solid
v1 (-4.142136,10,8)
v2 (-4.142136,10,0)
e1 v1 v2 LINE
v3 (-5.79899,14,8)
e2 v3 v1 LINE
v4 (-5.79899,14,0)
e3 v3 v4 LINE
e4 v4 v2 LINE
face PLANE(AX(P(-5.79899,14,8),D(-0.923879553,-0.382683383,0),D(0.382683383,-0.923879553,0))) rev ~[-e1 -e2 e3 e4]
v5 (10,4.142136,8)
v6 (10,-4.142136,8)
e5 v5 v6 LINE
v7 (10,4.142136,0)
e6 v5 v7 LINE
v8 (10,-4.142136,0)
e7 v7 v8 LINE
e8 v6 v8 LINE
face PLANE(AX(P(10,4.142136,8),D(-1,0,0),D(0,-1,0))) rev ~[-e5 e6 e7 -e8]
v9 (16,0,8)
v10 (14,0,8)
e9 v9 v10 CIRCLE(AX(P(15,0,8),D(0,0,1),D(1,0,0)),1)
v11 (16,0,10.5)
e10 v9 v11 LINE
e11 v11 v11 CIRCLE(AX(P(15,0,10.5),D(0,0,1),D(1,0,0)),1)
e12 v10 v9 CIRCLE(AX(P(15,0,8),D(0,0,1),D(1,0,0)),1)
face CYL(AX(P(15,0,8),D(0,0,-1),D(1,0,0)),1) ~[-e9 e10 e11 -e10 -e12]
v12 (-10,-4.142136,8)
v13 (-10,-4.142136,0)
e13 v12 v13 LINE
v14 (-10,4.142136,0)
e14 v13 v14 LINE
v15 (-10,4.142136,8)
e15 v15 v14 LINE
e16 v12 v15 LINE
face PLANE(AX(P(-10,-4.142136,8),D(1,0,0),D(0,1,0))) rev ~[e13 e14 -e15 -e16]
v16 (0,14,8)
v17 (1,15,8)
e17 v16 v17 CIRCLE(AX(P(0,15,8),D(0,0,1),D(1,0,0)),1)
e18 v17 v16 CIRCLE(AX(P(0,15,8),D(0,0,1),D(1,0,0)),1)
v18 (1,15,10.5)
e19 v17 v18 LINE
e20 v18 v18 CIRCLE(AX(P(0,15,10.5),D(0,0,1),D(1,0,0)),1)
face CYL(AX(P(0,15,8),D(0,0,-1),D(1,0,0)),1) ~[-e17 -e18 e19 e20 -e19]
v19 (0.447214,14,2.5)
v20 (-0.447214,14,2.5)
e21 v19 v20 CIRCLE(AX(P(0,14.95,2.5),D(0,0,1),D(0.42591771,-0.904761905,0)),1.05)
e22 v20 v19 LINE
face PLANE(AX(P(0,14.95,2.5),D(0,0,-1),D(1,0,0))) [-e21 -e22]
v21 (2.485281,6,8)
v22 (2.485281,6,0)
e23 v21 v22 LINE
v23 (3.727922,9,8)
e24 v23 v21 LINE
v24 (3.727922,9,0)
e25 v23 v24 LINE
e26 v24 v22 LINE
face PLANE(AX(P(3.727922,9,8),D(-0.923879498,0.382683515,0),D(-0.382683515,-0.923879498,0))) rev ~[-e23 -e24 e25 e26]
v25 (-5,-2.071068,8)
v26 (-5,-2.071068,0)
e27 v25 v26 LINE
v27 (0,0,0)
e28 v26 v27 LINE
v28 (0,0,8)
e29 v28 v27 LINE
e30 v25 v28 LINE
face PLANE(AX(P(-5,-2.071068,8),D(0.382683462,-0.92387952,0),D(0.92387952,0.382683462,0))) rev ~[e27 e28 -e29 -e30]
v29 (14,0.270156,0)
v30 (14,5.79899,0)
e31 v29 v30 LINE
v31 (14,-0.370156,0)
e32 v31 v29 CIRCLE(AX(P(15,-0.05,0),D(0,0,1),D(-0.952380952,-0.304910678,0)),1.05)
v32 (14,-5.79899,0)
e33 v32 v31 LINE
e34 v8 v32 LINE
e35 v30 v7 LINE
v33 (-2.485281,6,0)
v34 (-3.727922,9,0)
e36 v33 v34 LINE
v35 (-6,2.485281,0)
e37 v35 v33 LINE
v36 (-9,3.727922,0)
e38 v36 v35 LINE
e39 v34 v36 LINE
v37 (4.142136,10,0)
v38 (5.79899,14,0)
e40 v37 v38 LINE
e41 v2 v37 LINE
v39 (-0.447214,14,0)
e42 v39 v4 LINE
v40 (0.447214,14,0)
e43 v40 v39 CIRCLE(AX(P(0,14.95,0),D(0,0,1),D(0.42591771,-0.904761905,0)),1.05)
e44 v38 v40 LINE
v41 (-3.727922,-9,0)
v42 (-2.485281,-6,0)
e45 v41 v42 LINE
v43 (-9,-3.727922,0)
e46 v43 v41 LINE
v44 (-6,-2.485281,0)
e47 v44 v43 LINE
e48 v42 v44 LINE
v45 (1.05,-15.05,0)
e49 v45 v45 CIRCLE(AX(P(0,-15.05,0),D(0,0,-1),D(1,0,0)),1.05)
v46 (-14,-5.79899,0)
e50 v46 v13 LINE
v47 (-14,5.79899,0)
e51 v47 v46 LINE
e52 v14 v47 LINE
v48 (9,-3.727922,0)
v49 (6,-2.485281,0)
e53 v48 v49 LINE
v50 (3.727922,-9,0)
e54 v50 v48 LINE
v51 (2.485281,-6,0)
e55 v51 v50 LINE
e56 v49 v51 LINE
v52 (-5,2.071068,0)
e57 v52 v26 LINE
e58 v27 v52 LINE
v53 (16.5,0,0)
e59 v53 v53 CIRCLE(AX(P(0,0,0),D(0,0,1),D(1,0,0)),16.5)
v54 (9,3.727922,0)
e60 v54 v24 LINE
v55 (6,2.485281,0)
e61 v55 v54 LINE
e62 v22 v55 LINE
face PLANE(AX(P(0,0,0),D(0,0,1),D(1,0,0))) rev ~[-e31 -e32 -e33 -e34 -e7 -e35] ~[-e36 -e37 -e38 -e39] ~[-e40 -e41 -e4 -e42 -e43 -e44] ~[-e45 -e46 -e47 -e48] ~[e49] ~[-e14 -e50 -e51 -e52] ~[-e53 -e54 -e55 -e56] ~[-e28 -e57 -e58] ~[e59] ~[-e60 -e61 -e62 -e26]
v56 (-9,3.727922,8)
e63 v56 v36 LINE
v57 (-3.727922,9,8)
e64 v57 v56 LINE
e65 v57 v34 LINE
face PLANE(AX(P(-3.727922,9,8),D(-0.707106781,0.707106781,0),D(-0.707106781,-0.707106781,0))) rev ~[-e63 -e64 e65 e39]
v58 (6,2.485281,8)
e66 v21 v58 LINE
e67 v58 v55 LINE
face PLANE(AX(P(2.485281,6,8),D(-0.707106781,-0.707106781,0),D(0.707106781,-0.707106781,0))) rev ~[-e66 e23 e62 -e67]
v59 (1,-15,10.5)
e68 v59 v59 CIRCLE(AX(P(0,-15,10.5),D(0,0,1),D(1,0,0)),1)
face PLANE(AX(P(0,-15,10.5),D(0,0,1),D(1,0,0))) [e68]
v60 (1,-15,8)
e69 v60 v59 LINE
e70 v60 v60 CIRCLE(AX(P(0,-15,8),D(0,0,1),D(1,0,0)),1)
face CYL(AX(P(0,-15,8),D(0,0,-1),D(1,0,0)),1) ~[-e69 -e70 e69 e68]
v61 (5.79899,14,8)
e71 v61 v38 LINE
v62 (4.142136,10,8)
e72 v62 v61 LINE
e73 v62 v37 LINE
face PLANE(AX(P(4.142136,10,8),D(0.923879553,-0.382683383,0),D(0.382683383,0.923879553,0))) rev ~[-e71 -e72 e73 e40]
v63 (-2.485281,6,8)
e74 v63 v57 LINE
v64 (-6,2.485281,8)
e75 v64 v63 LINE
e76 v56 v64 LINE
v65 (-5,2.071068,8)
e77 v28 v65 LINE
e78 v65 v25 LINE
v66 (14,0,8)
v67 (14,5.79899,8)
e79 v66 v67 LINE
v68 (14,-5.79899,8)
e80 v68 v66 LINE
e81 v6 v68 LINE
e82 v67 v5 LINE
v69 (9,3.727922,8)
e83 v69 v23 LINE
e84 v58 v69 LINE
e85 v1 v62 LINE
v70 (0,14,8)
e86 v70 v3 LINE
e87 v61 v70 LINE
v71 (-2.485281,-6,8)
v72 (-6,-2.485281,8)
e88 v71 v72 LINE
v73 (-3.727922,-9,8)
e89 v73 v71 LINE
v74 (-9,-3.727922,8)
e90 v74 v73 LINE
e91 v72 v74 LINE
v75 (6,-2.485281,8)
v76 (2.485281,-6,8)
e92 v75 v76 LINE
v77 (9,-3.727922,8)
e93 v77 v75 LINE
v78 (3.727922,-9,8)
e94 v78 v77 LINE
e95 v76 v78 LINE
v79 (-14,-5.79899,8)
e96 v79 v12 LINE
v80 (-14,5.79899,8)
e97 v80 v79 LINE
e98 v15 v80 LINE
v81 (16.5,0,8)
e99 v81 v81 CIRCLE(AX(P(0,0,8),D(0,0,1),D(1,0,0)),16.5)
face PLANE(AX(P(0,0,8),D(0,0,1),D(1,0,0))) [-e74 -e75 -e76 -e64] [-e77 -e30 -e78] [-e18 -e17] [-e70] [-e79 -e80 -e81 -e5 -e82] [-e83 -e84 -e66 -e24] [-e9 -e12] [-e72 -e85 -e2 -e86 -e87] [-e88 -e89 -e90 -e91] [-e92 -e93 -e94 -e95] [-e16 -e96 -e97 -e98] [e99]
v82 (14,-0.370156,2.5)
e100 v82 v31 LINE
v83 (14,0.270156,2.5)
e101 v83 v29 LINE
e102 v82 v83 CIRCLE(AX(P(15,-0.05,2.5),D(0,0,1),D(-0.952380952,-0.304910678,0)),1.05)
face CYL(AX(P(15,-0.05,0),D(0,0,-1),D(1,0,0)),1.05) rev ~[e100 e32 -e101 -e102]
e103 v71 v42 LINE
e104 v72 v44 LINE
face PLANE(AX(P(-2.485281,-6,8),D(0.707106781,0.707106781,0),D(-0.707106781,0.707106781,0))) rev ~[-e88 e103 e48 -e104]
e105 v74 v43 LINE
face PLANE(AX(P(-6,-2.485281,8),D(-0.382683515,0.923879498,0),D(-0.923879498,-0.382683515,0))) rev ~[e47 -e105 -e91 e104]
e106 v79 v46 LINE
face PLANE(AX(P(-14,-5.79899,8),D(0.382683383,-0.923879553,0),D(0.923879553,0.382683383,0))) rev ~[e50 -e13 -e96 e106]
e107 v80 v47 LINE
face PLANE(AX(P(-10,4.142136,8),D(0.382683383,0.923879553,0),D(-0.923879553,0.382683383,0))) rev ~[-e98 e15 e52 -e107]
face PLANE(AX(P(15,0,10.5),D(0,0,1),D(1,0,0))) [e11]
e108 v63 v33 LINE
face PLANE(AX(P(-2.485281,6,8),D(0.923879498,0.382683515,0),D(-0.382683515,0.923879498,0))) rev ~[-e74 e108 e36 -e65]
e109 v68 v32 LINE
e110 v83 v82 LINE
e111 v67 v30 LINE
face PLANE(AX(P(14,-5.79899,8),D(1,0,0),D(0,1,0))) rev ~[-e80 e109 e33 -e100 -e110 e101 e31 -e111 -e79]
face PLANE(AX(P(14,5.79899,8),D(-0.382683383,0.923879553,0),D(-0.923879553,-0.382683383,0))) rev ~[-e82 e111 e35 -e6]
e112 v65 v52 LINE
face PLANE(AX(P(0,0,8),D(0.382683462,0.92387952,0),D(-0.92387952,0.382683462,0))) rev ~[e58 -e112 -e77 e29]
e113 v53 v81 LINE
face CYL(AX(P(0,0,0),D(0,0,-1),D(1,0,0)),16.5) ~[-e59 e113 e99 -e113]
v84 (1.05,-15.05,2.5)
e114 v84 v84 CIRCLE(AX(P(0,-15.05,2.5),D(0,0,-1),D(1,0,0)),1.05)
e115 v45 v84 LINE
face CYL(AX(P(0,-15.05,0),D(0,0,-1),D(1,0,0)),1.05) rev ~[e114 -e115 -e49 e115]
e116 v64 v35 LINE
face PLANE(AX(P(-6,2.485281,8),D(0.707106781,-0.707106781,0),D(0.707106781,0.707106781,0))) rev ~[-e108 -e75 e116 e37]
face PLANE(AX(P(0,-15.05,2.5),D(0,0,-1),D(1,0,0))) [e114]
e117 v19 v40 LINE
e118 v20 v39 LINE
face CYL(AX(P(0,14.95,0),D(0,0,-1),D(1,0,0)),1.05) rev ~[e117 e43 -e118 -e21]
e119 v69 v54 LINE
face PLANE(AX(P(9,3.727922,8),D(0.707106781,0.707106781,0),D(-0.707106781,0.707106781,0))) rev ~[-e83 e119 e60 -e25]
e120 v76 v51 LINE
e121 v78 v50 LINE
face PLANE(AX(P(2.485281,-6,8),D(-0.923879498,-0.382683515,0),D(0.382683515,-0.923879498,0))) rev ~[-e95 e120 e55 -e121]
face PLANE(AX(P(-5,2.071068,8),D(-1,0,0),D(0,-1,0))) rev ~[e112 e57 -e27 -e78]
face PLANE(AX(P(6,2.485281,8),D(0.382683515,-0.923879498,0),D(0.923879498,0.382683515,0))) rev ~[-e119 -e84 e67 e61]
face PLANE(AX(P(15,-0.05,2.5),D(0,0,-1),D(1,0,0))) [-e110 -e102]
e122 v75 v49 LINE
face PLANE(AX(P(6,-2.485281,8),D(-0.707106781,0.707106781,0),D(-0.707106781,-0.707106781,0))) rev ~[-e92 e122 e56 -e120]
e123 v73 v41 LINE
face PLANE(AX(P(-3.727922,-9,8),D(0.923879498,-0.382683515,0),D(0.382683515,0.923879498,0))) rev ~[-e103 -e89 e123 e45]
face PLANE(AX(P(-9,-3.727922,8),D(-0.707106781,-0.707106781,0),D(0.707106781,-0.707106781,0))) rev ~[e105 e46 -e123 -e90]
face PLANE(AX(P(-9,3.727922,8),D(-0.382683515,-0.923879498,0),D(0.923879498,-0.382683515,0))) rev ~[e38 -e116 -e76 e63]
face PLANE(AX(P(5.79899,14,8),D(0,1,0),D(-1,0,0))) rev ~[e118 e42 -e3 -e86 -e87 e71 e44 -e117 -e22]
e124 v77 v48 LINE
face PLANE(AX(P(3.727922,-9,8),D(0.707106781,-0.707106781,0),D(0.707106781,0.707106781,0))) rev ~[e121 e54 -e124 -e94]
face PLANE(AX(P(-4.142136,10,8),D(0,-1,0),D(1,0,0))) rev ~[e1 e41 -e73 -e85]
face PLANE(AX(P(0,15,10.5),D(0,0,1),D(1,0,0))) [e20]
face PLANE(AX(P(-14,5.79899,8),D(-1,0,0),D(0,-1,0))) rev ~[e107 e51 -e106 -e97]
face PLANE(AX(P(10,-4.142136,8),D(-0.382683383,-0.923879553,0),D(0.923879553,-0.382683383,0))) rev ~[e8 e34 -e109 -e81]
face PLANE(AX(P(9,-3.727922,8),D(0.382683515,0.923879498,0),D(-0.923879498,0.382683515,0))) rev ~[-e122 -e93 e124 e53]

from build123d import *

# Parameters (mm, degrees)
F0_R     = 16.5
F1_DEPTH = 8
F2_R     = 1.05
F3_DEPTH = 2.5
F4_R     = 1
F5_DEPTH = 2.5
F7_DEPTH = 25


with BuildPart() as f1:
    # F0 (on Top) → F1 (new body)
    with BuildSketch(Plane.XY):
        Circle(F0_R)
    extrude(amount=F1_DEPTH)

    # F2 (on face) → F3 (cut)
    with BuildSketch(Plane(origin=(0, 0, 0), x_dir=(1, 0, 0), z_dir=(0, 0, -1))):
        with Locations((0, 15.05)):
            Circle(F2_R)
        with Locations((15, 0.05)):
            Circle(F2_R)
        with Locations((0, -14.95)):
            Circle(F2_R)
    extrude(amount=-F3_DEPTH, mode=Mode.SUBTRACT)

    # F4 (on face) → F5 (join)
    with BuildSketch(Plane.XY.offset(8)):
        with Locations((0, 15)):
            Circle(F4_R)
        with Locations((15, 0)):
            Circle(F4_R)
        with Locations((0, -15)):
            Circle(F4_R)
    extrude(amount=F5_DEPTH)

    # F6 (on face) → F7 (cut)
    with BuildSketch(Plane.XY.offset(8)):
        Polygon((-14, 5.79899), (-14, -5.79899), (-10, -4.142136), (-10, 4.142136), align=None)
        Polygon((4.142136, 10), (5.79899, 14), (0, 14), (-5.79899, 14), (-4.142136, 10), align=None)
        Polygon((10, -4.142136), (14, -5.79899), (14, 0), (14, 5.79899), (10, 4.142136), align=None)
        Polygon((-9, -3.727922), (-3.727922, -9), (-2.485281, -6), (-6, -2.485281), align=None)
        Polygon((3.727922, -9), (9, -3.727922), (6, -2.485281), (2.485281, -6), align=None)
        Polygon((-2.485281, 6), (-3.727922, 9), (-9, 3.727922), (-6, 2.485281), align=None)
        Polygon((6, 2.485281), (9, 3.727922), (3.727922, 9), (2.485281, 6), align=None)
        Polygon((-5, -2.071068), (0, 0), (-5, 2.071068), align=None)
    extrude(amount=-F7_DEPTH, mode=Mode.SUBTRACT)


solid = f1.part
